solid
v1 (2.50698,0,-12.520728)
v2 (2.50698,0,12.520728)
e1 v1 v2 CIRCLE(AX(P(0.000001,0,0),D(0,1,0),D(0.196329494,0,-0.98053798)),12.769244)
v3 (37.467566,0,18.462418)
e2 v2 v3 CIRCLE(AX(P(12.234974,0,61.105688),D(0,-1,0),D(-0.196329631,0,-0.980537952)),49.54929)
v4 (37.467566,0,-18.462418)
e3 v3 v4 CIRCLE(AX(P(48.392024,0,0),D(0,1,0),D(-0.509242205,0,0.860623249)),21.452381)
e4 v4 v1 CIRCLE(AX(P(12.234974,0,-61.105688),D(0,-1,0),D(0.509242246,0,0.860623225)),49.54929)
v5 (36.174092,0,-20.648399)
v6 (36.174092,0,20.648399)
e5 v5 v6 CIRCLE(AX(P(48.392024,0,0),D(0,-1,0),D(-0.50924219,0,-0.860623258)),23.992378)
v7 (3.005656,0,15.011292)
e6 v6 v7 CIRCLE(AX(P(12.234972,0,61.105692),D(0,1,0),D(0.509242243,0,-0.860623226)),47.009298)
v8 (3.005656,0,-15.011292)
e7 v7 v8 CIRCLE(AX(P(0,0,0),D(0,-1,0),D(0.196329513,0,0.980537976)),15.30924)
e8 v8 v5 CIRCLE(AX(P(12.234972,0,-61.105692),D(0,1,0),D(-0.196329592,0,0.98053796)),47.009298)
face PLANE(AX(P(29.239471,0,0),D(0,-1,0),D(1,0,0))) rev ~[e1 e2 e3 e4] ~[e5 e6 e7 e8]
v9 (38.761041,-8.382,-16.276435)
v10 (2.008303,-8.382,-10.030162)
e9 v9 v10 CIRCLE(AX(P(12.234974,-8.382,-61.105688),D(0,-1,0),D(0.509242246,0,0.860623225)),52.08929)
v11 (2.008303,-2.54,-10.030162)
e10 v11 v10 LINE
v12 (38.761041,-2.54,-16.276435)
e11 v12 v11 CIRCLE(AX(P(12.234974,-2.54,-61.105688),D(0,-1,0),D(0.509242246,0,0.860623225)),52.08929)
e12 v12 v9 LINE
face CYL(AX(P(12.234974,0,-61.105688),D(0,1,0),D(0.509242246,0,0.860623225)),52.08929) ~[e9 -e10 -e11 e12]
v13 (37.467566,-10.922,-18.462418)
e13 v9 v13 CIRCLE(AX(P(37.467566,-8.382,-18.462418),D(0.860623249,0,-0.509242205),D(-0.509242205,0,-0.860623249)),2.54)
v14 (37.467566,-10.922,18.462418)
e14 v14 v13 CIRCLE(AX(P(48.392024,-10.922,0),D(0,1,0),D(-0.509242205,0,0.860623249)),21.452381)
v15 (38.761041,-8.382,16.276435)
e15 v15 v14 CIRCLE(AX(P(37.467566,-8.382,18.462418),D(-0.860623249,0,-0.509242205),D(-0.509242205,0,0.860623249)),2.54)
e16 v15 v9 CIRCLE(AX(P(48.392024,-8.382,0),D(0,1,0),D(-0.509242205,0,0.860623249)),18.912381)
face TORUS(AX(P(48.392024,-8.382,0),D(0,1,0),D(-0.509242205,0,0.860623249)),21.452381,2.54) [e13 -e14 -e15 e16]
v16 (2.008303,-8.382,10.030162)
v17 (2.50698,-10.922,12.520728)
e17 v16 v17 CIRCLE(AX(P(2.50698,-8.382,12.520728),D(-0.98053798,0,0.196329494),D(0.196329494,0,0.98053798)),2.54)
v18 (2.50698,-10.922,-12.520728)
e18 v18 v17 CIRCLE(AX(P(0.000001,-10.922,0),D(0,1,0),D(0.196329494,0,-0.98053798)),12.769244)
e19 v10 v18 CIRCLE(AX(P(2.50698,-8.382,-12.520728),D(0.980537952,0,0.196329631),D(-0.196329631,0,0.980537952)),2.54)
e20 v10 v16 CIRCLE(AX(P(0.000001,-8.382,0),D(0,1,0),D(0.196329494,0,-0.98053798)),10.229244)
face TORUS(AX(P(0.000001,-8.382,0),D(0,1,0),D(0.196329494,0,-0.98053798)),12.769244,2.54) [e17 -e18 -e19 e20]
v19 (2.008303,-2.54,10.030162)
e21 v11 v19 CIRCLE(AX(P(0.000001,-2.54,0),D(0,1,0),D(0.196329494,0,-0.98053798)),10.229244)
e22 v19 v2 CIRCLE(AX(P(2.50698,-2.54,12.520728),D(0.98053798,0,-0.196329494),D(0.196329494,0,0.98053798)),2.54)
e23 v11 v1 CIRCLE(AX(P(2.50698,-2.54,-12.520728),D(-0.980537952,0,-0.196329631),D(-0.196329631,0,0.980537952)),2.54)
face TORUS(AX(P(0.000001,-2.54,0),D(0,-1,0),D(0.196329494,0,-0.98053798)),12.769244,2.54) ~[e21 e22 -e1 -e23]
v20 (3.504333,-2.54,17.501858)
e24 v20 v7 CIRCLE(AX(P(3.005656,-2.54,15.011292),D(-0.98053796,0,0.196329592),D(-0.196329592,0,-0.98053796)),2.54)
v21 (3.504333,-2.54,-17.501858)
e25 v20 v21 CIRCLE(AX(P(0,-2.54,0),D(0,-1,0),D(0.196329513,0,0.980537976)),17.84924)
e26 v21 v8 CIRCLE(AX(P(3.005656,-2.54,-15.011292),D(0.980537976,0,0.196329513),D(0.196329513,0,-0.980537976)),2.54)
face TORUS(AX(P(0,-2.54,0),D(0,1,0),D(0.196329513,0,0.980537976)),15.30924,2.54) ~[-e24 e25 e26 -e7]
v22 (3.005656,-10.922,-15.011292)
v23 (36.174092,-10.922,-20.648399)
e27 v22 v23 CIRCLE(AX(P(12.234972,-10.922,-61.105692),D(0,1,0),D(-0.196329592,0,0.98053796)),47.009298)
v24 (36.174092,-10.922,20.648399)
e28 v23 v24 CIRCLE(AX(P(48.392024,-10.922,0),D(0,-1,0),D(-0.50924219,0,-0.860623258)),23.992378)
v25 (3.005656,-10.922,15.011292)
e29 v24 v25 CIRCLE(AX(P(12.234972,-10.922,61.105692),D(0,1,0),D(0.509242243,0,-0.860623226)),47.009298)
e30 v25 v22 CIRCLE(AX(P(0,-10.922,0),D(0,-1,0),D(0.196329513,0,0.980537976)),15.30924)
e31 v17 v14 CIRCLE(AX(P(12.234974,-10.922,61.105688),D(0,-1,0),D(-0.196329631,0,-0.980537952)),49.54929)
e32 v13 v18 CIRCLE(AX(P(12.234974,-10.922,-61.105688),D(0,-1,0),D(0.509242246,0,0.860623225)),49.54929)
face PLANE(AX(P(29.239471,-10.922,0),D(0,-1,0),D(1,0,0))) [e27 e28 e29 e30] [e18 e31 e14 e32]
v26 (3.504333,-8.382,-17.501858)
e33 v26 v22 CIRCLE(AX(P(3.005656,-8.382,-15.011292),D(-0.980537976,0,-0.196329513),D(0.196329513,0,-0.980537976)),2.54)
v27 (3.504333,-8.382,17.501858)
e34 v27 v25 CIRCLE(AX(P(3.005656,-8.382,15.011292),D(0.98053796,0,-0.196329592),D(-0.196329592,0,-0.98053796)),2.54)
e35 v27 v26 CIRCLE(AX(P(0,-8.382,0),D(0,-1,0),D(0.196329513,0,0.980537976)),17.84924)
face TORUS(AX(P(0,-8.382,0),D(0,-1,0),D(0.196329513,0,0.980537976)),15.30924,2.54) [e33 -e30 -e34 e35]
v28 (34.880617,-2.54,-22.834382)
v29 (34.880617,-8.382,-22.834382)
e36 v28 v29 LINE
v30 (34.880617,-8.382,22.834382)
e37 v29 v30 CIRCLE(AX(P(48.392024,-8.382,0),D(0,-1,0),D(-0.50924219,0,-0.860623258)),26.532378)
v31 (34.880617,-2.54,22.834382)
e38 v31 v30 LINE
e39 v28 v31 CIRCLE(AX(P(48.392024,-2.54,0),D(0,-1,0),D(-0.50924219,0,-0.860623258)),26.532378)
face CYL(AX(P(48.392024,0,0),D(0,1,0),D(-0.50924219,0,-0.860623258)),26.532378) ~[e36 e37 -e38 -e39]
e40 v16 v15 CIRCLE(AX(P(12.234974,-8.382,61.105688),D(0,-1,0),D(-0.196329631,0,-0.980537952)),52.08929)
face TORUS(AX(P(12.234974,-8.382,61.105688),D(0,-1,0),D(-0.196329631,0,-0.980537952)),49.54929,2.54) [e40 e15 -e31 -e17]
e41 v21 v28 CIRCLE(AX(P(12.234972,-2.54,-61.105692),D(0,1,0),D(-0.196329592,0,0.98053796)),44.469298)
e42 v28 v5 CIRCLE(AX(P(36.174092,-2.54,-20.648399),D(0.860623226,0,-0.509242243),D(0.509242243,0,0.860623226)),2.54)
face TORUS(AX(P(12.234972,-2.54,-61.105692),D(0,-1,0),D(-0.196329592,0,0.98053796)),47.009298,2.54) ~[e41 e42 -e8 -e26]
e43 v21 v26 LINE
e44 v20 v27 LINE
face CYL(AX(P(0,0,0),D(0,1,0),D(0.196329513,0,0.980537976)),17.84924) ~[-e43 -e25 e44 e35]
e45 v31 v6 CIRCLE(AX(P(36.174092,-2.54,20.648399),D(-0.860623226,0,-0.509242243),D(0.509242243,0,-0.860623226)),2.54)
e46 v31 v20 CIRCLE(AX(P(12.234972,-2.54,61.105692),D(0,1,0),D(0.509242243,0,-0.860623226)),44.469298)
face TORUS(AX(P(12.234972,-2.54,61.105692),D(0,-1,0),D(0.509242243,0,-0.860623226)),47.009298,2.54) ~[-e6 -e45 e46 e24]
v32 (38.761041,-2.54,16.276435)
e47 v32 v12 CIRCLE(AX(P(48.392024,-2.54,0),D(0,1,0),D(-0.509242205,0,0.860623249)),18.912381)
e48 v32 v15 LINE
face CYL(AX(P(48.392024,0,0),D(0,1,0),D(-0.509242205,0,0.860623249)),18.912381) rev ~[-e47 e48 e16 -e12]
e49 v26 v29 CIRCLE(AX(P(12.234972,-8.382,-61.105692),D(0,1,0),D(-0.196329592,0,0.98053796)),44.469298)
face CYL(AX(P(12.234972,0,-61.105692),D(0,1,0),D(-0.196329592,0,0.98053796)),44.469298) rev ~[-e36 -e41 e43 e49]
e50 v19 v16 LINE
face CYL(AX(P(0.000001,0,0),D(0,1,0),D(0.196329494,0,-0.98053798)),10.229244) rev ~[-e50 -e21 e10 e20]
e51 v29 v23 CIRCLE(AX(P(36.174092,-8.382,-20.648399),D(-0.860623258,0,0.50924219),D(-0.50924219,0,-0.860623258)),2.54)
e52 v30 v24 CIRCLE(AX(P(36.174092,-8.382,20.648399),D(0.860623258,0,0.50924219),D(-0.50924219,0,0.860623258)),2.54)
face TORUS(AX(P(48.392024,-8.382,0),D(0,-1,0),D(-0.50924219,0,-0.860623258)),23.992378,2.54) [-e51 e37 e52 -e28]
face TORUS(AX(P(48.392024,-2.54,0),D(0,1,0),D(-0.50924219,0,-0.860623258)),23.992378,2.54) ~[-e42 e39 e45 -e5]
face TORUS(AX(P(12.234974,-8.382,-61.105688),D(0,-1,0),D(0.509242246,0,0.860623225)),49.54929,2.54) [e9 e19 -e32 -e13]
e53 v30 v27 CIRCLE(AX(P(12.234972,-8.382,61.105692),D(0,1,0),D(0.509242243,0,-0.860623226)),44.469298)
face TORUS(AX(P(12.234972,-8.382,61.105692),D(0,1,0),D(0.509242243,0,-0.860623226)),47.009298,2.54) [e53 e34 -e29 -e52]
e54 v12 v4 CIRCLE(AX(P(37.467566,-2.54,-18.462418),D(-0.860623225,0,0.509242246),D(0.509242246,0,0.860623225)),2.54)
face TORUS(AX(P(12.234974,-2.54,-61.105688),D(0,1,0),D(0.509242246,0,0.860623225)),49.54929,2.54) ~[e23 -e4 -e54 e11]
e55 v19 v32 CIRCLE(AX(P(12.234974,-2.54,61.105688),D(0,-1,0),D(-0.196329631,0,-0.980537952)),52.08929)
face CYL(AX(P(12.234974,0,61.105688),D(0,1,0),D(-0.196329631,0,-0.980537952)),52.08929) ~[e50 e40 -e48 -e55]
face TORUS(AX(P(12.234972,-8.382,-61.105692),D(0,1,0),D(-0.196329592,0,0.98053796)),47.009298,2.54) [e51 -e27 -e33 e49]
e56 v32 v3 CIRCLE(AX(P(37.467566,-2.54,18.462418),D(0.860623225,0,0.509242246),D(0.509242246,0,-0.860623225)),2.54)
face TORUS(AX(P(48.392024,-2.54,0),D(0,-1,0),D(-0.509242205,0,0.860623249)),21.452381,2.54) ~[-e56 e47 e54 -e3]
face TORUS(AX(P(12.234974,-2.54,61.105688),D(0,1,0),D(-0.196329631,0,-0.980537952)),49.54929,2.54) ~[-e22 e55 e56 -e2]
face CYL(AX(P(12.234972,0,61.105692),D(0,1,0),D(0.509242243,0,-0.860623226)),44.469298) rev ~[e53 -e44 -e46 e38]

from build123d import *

# Parameters (mm, degrees)
F1_DEPTH = 10.922
F2_R     = 2.54


with BuildPart() as f1:
    # F0 (on Front) → F1 (new body)
    with BuildSketch(Plane.XZ):
        with BuildLine():
            ThreePointArc((3.504333, -17.501858), (19.685865, -17.265042), (34.880617, -22.834382))
            ThreePointArc((34.880617, -22.834382), (74.924402, 0), (34.880617, 22.834382))
            ThreePointArc((34.880617, 22.834382), (19.685865, 17.265042), (3.504333, 17.501858))
            ThreePointArc((3.504333, 17.501858), (-17.84924, 0), (3.504333, -17.501858))
        make_face()
        with BuildLine():
            ThreePointArc((2.008303, -10.030162), (-10.229243, 0), (2.008303, 10.030162))
            ThreePointArc((2.008303, 10.030162), (20.962606, 9.752766), (38.761041, 16.276435))
            ThreePointArc((38.761041, 16.276435), (67.304405, 0), (38.761041, -16.276435))
            ThreePointArc((38.761041, -16.276435), (20.962606, -9.752766), (2.008303, -10.030162))
        make_face(mode=Mode.SUBTRACT)
    extrude(amount=F1_DEPTH)

    # F2
    f2_edges = [f1.edges().sort_by_distance(p)[0] for p in [
        (74.924402, -10.922, 0),
        (19.685865, 0, 17.265042),
        (67.304405, -10.922, 0),
        (20.962606, 0, -9.752766),
    ]]
    fillet(f2_edges, radius=F2_R)


solid = f1.part
